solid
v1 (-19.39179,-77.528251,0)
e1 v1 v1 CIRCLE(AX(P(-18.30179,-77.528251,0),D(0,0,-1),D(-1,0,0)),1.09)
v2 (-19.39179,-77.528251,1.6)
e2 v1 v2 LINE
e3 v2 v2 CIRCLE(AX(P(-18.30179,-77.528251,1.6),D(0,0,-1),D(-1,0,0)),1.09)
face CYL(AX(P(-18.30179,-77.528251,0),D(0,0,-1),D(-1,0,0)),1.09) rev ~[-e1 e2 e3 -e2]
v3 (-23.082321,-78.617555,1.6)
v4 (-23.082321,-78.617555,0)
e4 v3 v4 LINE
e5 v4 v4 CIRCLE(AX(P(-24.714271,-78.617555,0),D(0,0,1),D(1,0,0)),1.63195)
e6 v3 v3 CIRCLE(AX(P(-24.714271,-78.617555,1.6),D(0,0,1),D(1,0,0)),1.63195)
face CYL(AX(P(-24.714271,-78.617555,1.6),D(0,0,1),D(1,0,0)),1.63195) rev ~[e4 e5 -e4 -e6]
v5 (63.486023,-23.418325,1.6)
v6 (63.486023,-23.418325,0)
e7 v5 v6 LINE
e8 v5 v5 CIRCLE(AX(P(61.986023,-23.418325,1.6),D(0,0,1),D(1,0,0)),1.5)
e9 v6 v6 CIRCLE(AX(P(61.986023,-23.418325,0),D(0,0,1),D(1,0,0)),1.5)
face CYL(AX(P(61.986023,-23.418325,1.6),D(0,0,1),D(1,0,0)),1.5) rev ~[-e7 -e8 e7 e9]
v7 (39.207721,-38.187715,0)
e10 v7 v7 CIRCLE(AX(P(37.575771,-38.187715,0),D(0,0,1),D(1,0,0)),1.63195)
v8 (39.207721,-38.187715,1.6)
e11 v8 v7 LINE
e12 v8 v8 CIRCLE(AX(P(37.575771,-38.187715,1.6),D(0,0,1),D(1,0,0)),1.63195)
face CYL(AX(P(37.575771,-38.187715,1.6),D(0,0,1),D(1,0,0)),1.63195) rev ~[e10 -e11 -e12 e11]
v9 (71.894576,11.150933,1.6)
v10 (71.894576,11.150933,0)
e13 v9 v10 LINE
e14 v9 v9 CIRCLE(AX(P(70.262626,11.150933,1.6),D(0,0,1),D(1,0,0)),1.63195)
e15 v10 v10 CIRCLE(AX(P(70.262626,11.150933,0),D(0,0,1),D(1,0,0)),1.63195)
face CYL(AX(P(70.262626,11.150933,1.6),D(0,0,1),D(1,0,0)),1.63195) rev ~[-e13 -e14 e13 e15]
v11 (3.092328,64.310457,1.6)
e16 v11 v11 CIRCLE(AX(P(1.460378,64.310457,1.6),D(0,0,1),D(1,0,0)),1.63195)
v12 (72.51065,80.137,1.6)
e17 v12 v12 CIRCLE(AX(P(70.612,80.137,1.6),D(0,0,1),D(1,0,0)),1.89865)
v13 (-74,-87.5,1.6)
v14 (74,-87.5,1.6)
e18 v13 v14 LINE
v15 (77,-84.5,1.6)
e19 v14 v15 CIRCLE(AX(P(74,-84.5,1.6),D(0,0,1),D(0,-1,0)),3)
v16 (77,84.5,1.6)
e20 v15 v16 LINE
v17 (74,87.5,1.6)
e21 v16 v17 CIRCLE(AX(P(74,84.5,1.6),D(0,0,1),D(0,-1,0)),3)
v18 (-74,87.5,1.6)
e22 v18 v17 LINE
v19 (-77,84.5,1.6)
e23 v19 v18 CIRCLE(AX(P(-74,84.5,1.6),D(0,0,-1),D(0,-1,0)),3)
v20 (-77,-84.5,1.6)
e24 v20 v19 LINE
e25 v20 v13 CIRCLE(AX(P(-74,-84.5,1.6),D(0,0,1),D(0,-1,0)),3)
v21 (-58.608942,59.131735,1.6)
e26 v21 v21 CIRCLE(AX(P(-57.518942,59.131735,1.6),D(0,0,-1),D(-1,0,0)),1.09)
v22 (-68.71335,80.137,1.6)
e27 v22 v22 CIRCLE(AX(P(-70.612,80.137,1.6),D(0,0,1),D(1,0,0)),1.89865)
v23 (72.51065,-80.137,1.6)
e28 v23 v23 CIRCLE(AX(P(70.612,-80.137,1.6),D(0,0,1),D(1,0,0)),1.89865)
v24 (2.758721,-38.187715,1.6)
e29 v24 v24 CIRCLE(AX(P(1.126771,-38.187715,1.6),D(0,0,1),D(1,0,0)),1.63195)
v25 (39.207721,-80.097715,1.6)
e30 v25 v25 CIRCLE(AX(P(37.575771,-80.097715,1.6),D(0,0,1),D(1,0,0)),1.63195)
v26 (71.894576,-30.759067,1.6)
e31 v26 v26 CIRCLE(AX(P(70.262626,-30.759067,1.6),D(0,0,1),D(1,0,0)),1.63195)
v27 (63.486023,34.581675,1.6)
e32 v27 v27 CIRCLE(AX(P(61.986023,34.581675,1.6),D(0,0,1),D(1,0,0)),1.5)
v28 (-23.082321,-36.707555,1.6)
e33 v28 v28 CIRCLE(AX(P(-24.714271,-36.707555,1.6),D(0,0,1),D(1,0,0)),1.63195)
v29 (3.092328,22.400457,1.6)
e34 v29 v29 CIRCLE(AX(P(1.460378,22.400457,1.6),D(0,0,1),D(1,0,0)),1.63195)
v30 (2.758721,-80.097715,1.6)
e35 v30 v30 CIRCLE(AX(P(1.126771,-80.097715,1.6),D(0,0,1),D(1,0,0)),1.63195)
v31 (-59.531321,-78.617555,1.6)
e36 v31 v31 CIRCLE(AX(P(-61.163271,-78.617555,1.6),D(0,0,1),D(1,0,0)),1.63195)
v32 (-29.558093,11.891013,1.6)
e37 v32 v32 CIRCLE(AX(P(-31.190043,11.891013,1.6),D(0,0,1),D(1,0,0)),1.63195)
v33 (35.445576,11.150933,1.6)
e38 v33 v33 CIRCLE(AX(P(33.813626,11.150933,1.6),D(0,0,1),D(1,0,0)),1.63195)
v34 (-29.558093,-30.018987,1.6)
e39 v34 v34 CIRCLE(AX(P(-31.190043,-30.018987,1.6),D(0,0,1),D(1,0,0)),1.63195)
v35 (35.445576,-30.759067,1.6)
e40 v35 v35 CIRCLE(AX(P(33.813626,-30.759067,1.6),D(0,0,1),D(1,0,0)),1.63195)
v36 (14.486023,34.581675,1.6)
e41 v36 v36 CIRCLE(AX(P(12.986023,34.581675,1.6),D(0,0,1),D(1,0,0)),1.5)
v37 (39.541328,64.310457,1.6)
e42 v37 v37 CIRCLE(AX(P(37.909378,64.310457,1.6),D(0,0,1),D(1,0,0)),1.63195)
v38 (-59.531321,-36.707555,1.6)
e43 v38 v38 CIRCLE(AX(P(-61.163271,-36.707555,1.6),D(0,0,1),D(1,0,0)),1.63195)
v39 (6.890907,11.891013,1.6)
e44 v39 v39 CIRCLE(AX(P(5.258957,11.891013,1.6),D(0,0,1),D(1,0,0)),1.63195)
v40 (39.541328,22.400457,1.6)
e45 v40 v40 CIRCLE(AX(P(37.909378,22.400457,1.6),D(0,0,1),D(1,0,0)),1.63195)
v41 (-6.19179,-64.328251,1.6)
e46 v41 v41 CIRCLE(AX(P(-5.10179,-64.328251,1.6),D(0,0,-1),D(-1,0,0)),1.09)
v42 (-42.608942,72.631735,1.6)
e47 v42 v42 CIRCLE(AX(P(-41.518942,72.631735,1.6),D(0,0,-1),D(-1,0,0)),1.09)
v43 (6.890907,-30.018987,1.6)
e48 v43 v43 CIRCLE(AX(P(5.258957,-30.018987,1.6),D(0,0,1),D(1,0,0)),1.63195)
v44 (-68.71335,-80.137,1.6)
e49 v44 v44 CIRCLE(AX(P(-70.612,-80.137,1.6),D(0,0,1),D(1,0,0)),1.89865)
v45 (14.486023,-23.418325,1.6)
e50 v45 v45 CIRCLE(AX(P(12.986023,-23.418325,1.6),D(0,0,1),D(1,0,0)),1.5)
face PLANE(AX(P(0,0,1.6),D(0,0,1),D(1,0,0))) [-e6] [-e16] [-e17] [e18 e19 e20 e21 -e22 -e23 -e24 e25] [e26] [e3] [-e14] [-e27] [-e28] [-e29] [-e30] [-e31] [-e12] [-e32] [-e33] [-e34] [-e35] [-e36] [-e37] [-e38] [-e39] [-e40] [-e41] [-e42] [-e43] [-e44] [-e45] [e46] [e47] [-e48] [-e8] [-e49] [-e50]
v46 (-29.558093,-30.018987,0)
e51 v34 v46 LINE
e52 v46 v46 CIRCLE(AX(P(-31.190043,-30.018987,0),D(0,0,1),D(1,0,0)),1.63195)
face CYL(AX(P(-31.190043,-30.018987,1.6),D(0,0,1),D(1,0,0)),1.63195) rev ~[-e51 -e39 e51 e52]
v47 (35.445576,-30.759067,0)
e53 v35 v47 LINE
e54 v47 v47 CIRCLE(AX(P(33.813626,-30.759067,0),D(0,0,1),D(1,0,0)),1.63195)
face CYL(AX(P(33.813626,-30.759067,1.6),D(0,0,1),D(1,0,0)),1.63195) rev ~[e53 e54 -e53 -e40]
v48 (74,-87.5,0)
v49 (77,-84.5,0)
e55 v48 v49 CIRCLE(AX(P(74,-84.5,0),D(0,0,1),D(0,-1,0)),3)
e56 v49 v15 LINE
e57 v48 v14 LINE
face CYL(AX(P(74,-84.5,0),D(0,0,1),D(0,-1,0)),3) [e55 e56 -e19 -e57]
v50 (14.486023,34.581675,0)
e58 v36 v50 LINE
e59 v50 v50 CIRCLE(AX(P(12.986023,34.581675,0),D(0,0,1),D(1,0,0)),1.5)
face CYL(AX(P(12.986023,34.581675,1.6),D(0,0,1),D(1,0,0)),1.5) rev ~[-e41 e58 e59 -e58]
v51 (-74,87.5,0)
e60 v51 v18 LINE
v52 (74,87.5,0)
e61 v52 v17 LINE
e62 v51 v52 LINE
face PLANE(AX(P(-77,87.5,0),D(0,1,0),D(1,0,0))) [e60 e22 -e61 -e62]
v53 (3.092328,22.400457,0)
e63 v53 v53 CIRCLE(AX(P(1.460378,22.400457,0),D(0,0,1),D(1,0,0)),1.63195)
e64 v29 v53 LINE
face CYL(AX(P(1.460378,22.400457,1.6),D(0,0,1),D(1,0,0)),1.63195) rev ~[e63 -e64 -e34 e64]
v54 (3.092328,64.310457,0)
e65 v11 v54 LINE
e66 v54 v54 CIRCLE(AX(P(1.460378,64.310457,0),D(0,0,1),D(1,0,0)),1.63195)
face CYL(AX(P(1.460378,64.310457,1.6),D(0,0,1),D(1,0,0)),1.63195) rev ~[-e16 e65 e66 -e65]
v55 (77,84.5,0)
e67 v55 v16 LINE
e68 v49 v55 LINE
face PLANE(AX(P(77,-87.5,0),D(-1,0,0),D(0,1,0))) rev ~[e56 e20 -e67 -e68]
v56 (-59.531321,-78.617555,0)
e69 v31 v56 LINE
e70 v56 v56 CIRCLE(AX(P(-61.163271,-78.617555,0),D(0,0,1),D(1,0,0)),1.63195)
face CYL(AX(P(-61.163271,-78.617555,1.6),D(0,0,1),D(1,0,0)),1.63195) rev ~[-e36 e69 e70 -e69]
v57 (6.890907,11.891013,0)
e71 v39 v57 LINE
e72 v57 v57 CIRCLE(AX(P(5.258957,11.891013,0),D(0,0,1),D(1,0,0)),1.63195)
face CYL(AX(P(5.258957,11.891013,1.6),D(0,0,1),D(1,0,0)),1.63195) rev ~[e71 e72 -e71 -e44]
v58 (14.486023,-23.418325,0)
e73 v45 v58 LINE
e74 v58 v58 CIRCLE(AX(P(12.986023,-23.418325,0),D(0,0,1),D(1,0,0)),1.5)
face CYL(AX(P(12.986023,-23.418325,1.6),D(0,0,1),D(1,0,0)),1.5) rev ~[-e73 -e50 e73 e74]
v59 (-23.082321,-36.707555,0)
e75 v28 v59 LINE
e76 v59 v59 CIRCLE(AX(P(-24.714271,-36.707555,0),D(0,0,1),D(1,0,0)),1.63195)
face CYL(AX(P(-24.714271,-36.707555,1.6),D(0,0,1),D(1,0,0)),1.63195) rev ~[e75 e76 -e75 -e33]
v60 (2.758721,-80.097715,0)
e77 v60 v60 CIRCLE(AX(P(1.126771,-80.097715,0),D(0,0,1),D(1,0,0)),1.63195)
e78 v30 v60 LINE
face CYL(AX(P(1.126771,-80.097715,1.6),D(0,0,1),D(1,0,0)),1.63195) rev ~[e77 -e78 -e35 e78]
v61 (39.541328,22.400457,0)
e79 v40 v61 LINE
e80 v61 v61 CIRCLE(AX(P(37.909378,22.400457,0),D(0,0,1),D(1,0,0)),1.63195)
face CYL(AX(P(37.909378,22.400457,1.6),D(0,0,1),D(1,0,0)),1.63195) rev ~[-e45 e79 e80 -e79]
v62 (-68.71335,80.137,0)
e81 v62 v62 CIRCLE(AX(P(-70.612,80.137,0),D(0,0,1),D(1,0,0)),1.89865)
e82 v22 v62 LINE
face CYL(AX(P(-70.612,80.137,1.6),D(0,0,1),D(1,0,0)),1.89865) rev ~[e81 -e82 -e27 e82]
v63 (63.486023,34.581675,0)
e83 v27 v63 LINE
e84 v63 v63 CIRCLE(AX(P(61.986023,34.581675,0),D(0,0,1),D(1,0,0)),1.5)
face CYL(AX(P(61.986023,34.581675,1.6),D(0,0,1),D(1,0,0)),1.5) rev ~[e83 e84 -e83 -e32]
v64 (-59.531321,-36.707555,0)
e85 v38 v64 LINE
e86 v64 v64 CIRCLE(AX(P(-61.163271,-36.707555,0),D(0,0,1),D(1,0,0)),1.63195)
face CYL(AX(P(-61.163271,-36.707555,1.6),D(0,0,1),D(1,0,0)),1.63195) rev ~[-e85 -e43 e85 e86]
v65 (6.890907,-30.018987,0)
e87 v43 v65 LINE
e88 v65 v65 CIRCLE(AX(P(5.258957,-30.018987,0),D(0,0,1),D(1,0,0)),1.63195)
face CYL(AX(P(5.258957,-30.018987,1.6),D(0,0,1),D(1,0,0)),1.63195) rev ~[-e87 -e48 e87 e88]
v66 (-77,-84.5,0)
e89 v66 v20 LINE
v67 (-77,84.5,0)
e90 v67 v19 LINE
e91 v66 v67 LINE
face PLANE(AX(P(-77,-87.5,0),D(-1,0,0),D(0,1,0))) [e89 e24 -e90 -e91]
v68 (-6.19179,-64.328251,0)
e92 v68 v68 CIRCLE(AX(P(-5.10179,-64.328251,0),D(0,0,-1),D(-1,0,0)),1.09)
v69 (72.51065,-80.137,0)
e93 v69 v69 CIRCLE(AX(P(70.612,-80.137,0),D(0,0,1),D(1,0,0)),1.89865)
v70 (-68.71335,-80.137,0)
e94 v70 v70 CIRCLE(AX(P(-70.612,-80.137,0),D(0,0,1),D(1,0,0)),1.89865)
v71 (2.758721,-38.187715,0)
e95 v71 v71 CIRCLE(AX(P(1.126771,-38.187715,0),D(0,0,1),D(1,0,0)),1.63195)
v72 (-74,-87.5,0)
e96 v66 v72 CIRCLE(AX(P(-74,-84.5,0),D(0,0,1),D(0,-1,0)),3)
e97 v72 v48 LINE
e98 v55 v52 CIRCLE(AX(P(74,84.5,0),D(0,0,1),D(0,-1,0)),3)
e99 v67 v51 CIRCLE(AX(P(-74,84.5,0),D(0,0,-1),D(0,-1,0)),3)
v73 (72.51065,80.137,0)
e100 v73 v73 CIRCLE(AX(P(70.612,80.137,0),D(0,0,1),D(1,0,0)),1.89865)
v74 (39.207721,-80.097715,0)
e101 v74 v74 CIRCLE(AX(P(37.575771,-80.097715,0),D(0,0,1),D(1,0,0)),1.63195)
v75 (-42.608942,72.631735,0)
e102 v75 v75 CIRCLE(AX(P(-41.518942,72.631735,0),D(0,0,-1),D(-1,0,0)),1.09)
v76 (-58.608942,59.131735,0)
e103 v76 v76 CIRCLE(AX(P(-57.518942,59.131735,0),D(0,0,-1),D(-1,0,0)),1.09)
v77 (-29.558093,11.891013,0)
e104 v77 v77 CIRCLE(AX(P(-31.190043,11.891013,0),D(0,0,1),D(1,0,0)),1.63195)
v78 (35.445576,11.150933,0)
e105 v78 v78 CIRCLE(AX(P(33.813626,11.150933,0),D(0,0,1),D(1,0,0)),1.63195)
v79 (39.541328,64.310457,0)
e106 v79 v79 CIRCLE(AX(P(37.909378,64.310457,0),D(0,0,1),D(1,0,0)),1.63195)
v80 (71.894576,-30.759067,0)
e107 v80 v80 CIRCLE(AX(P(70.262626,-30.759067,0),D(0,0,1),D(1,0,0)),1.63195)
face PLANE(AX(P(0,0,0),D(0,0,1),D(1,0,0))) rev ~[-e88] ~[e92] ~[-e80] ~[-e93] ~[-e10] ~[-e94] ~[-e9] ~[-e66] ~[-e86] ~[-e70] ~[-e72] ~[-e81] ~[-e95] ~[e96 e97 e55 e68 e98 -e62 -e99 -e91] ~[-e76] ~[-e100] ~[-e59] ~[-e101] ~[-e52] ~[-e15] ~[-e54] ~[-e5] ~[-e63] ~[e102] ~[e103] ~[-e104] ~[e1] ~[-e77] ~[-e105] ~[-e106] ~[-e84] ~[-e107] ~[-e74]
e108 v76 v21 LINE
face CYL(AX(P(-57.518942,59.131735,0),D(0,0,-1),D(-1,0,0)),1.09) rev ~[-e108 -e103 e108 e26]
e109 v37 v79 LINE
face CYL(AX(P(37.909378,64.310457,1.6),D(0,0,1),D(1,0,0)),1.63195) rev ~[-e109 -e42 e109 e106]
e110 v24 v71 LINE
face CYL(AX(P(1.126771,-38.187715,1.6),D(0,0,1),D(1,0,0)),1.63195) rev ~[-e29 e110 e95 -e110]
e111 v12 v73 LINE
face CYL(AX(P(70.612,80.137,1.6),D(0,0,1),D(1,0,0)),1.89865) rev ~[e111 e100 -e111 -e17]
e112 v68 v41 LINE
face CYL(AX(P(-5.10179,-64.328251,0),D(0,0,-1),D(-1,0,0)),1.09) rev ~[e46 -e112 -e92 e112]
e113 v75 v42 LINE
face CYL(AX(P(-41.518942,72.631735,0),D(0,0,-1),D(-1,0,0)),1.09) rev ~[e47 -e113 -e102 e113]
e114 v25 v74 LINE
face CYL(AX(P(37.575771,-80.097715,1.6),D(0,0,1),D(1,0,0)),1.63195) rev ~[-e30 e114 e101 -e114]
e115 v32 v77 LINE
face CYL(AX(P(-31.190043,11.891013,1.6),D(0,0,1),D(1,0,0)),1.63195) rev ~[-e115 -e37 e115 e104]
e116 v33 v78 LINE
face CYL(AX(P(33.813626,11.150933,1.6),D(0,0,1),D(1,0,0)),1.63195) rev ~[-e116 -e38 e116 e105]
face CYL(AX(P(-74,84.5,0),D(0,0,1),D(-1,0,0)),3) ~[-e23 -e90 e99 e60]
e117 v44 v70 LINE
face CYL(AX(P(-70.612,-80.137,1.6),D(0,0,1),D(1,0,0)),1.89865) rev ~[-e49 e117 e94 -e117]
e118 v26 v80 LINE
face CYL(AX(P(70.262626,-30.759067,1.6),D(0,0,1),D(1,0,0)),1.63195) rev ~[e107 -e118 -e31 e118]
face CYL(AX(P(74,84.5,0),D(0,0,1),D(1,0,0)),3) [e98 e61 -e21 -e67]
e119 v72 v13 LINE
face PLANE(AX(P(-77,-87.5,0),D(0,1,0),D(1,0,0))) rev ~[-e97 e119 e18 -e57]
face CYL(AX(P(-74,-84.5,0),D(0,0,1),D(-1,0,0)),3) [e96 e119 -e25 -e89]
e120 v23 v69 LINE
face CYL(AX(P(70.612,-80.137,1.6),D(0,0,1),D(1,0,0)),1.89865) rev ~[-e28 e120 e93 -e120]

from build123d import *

# Parameters (mm, degrees)
SKETCH1_W           = 154
SKETCH1_H           = 175
BOSS_EXTRUDE1_DEPTH = 1.6
FILLET1_R           = 3
SKETCH2_R           = 1.89865
CUT_EXTRUDE1_DEPTH  = 2.6
SKETCH3_R           = 1.63195
CUT_EXTRUDE2_DEPTH  = 2.6
SKETCH4_R           = 1.5
CUT_EXTRUDE3_DEPTH  = 2.6
SKETCH5_R           = 1.09
CUT_EXTRUDE4_DEPTH  = 2.6


with BuildPart() as part:
    # Sketch1 → Boss-Extrude1 (new body)
    with BuildSketch(Plane.XY):
        Rectangle(SKETCH1_W, SKETCH1_H)
    extrude(amount=BOSS_EXTRUDE1_DEPTH)

    # Fillet1
    fillet1_edges = [part.edges().sort_by_distance(p)[0] for p in [
        (77, -87.5, 0.8),
        (-77, -87.5, 0.8),
        (-77, 87.5, 0.8),
        (77, 87.5, 0.8),
    ]]
    fillet(fillet1_edges, radius=FILLET1_R)

    # Sketch2 → Cut-Extrude1 (cut, through all)
    with BuildSketch(Plane.XY.offset(1.6)):
        with Locations((-70.612, 80.137)):
            Circle(SKETCH2_R)
        with Locations((70.612, 80.137)):
            Circle(SKETCH2_R)
        with Locations((70.612, -80.137)):
            Circle(SKETCH2_R)
        with Locations((-70.612, -80.137)):
            Circle(SKETCH2_R)
    extrude(amount=-CUT_EXTRUDE1_DEPTH, mode=Mode.SUBTRACT)

    # Sketch3 → Cut-Extrude2 (cut, through all)
    with BuildSketch(Plane.XY.offset(1.6)):
        with Locations((1.460377772, 64.310456987)):
            Circle(SKETCH3_R)
        with Locations((37.909377772, 64.310456987)):
            Circle(SKETCH3_R)
        with Locations((37.909377772, 22.400456987)):
            Circle(SKETCH3_R)
        with Locations((1.460377772, 22.400456987)):
            Circle(SKETCH3_R)
        with Locations((33.813625676, 11.150933339)):
            Circle(SKETCH3_R)
        with Locations((70.262625674, 11.150933339)):
            Circle(SKETCH3_R)
        with Locations((70.262625674, -30.759066661)):
            Circle(SKETCH3_R)
        with Locations((33.813625676, -30.759066661)):
            Circle(SKETCH3_R)
        with Locations((1.126771482, -38.187714501)):
            Circle(SKETCH3_R)
        with Locations((37.575771481, -38.187714501)):
            Circle(SKETCH3_R)
        with Locations((37.575771481, -80.097714501)):
            Circle(SKETCH3_R)
        with Locations((1.126771482, -80.097714501)):
            Circle(SKETCH3_R)
        with Locations((-31.190042853, 11.891013056)):
            Circle(SKETCH3_R)
        with Locations((5.258957145, 11.891013056)):
            Circle(SKETCH3_R)
        with Locations((5.258957145, -30.018986944)):
            Circle(SKETCH3_R)
        with Locations((-31.190042853, -30.018986944)):
            Circle(SKETCH3_R)
        with Locations((-61.163271416, -36.707555066)):
            Circle(SKETCH3_R)
        with Locations((-24.714271417, -36.707555066)):
            Circle(SKETCH3_R)
        with Locations((-24.714271417, -78.617555066)):
            Circle(SKETCH3_R)
        with Locations((-61.163271416, -78.617555066)):
            Circle(SKETCH3_R)
    extrude(amount=-CUT_EXTRUDE2_DEPTH, mode=Mode.SUBTRACT)

    # Sketch4 → Cut-Extrude3 (cut, through all)
    with BuildSketch(Plane.XY.offset(1.6)):
        with Locations((12.986023067, 34.581675178)):
            Circle(SKETCH4_R)
        with Locations((61.986023067, 34.581675178)):
            Circle(SKETCH4_R)
        with Locations((61.986023067, -23.418324822)):
            Circle(SKETCH4_R)
        with Locations((12.986023067, -23.418324822)):
            Circle(SKETCH4_R)
    extrude(amount=-CUT_EXTRUDE3_DEPTH, mode=Mode.SUBTRACT)

    # Sketch5 → Cut-Extrude4 (cut, through all)
    with BuildSketch(Plane(origin=(0, 0, 0), x_dir=(-1, 0, 0), z_dir=(0, 0, -1))):
        with Locations((41.518941969, 72.631735316)):
            Circle(SKETCH5_R)
        with Locations((57.518941969, 59.131735316)):
            Circle(SKETCH5_R)
        with Locations((18.301790213, -77.528250676)):
            Circle(SKETCH5_R)
        with Locations((5.101790213, -64.328250676)):
            Circle(SKETCH5_R)
    extrude(amount=-CUT_EXTRUDE4_DEPTH, mode=Mode.SUBTRACT)


solid = part.part
